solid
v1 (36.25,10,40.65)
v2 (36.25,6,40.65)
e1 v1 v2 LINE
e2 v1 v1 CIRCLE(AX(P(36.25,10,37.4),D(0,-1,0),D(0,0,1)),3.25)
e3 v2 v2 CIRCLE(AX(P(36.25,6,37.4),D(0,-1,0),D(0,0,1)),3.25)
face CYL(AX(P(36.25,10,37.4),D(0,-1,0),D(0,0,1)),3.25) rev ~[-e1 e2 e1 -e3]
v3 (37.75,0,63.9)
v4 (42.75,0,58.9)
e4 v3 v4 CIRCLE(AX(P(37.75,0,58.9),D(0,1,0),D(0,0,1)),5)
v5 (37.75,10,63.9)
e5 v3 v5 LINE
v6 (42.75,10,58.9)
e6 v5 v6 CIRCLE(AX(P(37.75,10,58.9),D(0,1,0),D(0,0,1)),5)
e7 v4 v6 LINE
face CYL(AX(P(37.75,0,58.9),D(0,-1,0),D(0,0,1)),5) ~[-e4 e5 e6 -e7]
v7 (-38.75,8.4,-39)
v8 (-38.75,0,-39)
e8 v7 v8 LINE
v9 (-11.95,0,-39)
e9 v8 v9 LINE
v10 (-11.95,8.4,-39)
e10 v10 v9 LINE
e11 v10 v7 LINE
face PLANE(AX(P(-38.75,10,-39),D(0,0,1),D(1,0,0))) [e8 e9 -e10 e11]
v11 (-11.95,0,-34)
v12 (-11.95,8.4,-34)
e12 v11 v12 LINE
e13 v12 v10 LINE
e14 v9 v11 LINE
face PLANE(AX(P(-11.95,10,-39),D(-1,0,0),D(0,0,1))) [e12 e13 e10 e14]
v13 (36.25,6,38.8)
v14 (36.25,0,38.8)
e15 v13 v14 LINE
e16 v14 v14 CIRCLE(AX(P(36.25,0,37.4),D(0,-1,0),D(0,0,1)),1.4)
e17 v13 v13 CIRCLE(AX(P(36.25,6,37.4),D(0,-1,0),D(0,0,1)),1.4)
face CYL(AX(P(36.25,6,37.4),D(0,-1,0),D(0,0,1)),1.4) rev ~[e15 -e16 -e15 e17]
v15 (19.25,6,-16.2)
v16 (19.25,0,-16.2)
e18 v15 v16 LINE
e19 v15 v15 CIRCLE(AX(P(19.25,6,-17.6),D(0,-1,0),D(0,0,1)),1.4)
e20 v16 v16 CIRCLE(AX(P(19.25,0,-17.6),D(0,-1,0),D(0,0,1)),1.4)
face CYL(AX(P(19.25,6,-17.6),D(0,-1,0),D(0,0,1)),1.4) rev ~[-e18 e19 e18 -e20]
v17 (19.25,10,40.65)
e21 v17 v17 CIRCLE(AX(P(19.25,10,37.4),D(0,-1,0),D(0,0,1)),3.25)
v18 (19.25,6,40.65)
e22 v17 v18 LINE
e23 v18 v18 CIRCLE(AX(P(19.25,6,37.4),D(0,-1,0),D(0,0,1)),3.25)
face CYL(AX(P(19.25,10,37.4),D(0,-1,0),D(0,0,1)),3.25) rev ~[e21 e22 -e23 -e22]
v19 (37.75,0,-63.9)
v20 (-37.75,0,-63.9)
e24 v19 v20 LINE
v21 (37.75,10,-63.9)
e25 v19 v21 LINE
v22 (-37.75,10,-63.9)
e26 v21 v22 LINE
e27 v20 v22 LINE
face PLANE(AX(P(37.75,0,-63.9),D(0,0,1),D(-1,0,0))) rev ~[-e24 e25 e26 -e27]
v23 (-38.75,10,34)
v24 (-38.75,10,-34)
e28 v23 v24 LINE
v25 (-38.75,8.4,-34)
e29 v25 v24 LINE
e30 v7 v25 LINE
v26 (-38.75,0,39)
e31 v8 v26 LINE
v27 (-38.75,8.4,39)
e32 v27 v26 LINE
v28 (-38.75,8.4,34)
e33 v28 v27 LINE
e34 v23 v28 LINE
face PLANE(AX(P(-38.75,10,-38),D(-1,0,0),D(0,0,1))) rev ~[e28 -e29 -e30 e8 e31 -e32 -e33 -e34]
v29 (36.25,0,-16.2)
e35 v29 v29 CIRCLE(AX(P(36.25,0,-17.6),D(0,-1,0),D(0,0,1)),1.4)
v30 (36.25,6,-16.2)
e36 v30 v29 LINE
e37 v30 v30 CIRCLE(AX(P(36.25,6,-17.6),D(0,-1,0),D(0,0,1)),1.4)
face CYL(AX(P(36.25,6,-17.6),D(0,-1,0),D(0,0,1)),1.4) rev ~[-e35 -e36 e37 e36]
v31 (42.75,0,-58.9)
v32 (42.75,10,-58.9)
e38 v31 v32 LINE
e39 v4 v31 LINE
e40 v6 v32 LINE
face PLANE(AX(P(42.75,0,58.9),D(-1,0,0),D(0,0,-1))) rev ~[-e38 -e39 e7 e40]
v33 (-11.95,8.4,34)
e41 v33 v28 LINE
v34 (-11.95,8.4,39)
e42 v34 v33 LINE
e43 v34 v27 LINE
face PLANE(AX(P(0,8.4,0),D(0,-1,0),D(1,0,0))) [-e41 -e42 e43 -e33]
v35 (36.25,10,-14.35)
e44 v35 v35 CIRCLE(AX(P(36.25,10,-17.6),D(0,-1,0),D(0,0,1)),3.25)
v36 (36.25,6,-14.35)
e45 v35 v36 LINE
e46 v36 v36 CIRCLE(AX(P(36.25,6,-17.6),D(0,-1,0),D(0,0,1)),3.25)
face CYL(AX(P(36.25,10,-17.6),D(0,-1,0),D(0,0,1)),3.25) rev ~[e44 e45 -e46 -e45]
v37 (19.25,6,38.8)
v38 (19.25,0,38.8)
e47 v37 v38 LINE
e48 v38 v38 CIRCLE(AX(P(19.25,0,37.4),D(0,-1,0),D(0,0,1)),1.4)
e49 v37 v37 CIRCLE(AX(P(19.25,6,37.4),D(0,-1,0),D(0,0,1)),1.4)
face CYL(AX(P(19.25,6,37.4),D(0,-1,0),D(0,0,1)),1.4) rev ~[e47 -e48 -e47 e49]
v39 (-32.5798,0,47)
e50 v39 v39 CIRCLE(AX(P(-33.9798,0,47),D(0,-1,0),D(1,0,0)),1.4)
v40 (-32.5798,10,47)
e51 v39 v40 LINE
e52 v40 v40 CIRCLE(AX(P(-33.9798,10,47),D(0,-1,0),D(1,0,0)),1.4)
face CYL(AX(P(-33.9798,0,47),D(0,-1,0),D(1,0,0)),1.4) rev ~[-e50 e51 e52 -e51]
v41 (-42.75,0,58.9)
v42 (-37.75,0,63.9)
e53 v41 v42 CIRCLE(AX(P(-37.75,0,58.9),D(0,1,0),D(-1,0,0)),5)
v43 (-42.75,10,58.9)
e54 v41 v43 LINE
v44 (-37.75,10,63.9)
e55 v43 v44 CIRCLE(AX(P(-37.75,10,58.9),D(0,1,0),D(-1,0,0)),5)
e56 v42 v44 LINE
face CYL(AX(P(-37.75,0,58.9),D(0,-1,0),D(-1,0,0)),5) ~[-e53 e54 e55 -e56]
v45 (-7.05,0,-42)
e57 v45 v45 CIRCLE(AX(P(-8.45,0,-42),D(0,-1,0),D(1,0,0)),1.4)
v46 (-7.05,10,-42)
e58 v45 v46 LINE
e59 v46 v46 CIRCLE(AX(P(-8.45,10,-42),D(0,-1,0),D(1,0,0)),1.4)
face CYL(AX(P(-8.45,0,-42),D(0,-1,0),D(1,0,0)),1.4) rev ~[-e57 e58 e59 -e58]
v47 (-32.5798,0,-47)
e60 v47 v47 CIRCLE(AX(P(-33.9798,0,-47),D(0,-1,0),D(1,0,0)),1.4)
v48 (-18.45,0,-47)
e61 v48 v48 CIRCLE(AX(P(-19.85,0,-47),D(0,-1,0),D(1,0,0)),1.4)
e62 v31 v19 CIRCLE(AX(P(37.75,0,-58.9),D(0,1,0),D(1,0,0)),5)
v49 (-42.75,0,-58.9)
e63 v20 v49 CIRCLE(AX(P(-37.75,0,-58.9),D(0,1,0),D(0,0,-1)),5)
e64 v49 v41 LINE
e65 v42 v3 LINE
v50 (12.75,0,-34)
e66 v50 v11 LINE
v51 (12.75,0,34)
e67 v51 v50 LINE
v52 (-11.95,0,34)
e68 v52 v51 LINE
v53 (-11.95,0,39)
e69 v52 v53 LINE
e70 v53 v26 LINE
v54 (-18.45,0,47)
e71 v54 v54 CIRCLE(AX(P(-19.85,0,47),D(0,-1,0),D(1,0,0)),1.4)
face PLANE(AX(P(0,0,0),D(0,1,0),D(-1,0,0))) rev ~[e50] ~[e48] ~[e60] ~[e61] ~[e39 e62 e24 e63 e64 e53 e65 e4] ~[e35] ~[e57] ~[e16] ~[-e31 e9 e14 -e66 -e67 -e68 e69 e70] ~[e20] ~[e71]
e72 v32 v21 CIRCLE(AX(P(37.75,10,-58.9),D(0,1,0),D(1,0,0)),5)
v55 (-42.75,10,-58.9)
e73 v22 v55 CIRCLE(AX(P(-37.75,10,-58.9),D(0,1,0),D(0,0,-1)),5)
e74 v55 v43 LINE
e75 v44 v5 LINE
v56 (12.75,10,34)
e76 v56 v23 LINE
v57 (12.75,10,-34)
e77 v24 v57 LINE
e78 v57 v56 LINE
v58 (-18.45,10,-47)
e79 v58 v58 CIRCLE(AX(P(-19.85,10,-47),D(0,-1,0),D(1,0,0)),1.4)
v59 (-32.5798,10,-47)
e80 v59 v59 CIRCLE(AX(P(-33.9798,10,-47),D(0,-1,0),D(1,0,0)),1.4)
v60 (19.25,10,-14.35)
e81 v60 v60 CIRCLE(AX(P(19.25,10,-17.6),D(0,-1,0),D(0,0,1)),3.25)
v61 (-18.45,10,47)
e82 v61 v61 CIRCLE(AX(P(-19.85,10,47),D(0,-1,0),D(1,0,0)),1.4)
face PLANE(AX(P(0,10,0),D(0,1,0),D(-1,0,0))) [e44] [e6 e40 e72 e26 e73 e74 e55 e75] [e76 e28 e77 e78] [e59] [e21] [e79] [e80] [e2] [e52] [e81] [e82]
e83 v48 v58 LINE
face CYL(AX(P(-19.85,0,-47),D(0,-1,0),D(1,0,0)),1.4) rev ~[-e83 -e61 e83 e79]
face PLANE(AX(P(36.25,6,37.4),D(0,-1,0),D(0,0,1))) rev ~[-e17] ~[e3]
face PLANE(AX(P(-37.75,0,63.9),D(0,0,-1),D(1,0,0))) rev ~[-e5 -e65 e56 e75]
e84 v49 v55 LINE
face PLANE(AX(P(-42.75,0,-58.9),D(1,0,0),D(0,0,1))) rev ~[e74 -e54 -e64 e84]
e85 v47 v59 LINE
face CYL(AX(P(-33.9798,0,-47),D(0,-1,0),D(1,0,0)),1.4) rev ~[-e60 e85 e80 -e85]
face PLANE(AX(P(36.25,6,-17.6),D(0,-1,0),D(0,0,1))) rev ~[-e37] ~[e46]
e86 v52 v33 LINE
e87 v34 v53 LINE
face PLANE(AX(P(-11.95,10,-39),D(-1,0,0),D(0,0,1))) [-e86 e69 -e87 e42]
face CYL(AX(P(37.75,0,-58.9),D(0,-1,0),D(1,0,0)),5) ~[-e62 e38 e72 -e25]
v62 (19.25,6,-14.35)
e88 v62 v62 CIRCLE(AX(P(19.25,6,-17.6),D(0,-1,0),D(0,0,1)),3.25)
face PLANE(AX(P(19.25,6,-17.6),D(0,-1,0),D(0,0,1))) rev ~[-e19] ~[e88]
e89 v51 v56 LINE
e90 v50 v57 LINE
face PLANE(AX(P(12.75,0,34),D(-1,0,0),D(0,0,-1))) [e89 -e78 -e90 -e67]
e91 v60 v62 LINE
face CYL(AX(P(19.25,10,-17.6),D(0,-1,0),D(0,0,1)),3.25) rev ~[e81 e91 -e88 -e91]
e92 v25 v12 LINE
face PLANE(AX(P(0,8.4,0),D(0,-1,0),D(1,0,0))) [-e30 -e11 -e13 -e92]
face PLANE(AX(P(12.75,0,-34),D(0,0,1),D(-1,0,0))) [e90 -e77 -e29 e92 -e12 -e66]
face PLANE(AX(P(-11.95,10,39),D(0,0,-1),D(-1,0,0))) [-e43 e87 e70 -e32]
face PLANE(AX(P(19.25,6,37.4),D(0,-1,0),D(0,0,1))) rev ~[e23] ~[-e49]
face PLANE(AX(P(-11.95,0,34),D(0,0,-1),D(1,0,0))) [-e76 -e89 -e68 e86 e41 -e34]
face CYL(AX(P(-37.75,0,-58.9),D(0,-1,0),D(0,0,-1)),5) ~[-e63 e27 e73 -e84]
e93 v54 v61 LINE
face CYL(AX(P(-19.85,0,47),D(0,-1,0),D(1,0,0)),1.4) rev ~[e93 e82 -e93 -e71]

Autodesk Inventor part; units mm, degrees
ref_plane "YZ Plane" through (0, 0, 0) normal (1, 0, 0) x (0, 1, 0)
ref_plane "XZ Plane" through (0, 0, 0) normal (0, 1, 0) x (-1, 0, 0)
sketch "Skizze1" plane through (0, 0, 0) normal (0, 1, 0) x (-1, 0, 0)
  line L0 (-37.75, -63.9) -> (37.75, -63.9)
  line L1 (42.75, -58.9) -> (42.75, 58.9)
  line L2 (37.75, 63.9) -> (-37.75, 63.9)
  line L3 (-42.75, 58.9) -> (-42.75, -58.9)
  line L4 (-42.75, -63.9) -> (42.75, 63.9) construction
  line L5 (42.75, -63.9) -> (-42.75, 63.9) construction
  arc A0 (42.75, 58.9) -> (37.75, 63.9) centre (37.75, 58.9) ccw
  arc A1 (-37.75, 63.9) -> (-42.75, 58.9) centre (-37.75, 58.9) ccw
  arc A2 (-42.75, -58.9) -> (-37.75, -63.9) centre (-37.75, -58.9) ccw
  arc A3 (37.75, -63.9) -> (42.75, -58.9) centre (37.75, -58.9) ccw
  point P0 (0, 0)
  dimension "d0" = 85.5
  dimension "d1" = 127.8
  dimension "d2" = 5
extrude "Extrusion1" add sketch "Skizze1" along normal blind 10
ref_plane "Arbeitsebene1" through (37.75, 0, 0) normal (0, 0, -1) x (-1, 0, 0)
ref_plane "Arbeitsebene2" through (0, 0, 58.9) normal (1, 0, 0) x (0, 0, -1)
sketch "Skizze2" plane through (0, 10, 0) normal (0, 1, 0) x (1, 0, 0)
  line L0 (-12.95, 38) -> (-38.75, 38) projected
  line L1 (-38.75, -38) -> (-12.95, -38) projected
  line L2 (-12.95, -38) -> (-12.95, -2.5) projected
  line L3 (-38.75, 38) -> (-38.75, -38) projected
  line L4 (-38.75, -38) -> (-12.95, -38)
  line L5 (-12.95, -38) -> (-12.95, 38)
  line L6 (-12.95, 38) -> (-38.75, 38)
  line L7 (-38.75, 38) -> (-38.75, -38)
  line L8 (-11.95, 39) -> (-11.95, -39)
  line L9 (-11.95, -39) -> (-39.75, -39)
  line L10 (-39.75, -39) -> (-39.75, 39)
  line L11 (-39.75, 39) -> (-11.95, 39)
  line L12 (-38.75, 38) -> (-38.75, 39)
  line L13 (-38.75, -38) -> (-38.75, -39)
  point P0 (0, 0)
  dimension "d5" = 1
extrude "Extrusion2" cut sketch "Skizze2" against normal through all contours L5 L2 L1 L3 L0 | L0 L12 L11 L8 L9 L13 L1 L2 L5
ref_plane "Arbeitsebene3" through (-32.75, 5, -38) normal (0, 1, 0) x (0, 0, 1)
sketch "Skizze3" plane through (0, 10, 0) normal (0, 1, 0) x (1, 0, 0)
  line L0 (-11.95, -39) -> (-38.75, -39) projected
  line L1 (-38.75, 39) -> (-11.95, 39) projected
  line L2 (-11.95, 39) -> (-11.95, -39) projected
  arc A0 (-37.75, 63.9) -> (-42.75, 58.9) centre (-37.75, 58.9) ccw projected
  line L3 (-42.75, 58.9) -> (-42.75, -58.9) projected
  arc A1 (-42.75, -58.9) -> (-37.75, -63.9) centre (-37.75, -58.9) ccw projected
  line L4 (-37.75, -63.9) -> (37.75, -63.9) projected
  arc A2 (37.75, -63.9) -> (42.75, -58.9) centre (37.75, -58.9) ccw projected
  line L5 (42.75, -58.9) -> (42.75, 58.9) projected
  arc A3 (42.75, 58.9) -> (37.75, 63.9) centre (37.75, 58.9) ccw projected
  line L6 (37.75, 63.9) -> (-37.75, 63.9) projected
  line L7 (-39.75, -39) -> (-39.75, 39) projected
  line L8 (-11.95, 39) -> (-11.95, -39) projected
  line L9 (-39.75, -39) -> (-11.95, -39)
  line L10 (-11.95, -39) -> (-11.95, -34)
  line L11 (-11.95, -34) -> (-39.75, -34)
  line L12 (-39.75, -34) -> (-39.75, -39)
  line L13 (-39.75, 39) -> (-11.95, 39)
  line L14 (-11.95, 39) -> (-11.95, 34)
  line L15 (-11.95, 34) -> (-39.75, 34)
  line L16 (-39.75, 34) -> (-39.75, 39)
  line L17 (-38.75, -39) -> (-38.75, 39) projected
  point P0 (0, 0)
  point P1 (-11.95, -34)
  point P2 (-38.75, 34)
  point P3 (-38.75, -34)
  dimension "d8" = 27.8
  dimension "d9" = 5
  dimension "d10" = 5
extrude "Extrusion3" add sketch "Skizze3" against normal blind 1 contours L0 L17 L11 L2 | L15 L17 L1 L2
sketch "Skizze4" plane through (0, 0, 0) normal (0, -1, 0) x (1, 0, 0)
  line L0 (-38.75, 39) -> (-11.95, 39) projected
  line L1 (-11.95, 39) -> (-11.95, -39) projected
  line L2 (-11.95, -39) -> (-38.75, -39) projected
  arc A0 (-42.75, -58.9) -> (-37.75, -63.9) centre (-37.75, -58.9) ccw projected
  line L3 (37.75, -63.9) -> (-37.75, -63.9) projected
  arc A1 (37.75, -63.9) -> (42.75, -58.9) centre (37.75, -58.9) ccw projected
  line L4 (42.75, 58.9) -> (42.75, -58.9) projected
  arc A2 (42.75, 58.9) -> (37.75, 63.9) centre (37.75, 58.9) ccw projected
  line L5 (-37.75, 63.9) -> (37.75, 63.9) projected
  arc A3 (-37.75, 63.9) -> (-42.75, 58.9) centre (-37.75, 58.9) ccw projected
  line L6 (-42.75, -58.9) -> (-42.75, 58.9) projected
  line L7 (-11.95, -34) -> (-11.95, 34) projected
  line L8 (-11.95, 34) -> (12.75, 34)
  line L9 (12.75, 34) -> (12.75, -34)
  line L10 (12.75, -34) -> (-11.95, -34)
  line L11 (-11.95, -34) -> (-11.95, 34)
  line L12 (-2.45, 7.5) -> (-2.45, -8) projected
  line L13 (12.75, -34.1) -> (12.75, -39.1) projected
  line L14 (-38.75, -39) -> (-38.75, 39) projected
  point P0 (0, 0)
  point P1 (-11.95, -34)
  dimension "d14" = 5
  dimension "d15" = 5
  dimension "d44" = 0
extrude "Extrusion4" cut sketch "Skizze4" against normal through all contours L8 L9 L10 L1
sketch "Skizze5" plane through (0, 0, 0) normal (0, -1, 0) x (1, 0, 0)
  arc A0 (-42.75, -58.9) -> (-37.75, -63.9) centre (-37.75, -58.9) ccw projected
  line L0 (37.75, -63.9) -> (-37.75, -63.9) projected
  arc A1 (37.75, -63.9) -> (42.75, -58.9) centre (37.75, -58.9) ccw projected
  line L1 (42.75, 58.9) -> (42.75, -58.9) projected
  arc A2 (42.75, 58.9) -> (37.75, 63.9) centre (37.75, 58.9) ccw projected
  line L2 (-37.75, 63.9) -> (37.75, 63.9) projected
  arc A3 (-37.75, 63.9) -> (-42.75, 58.9) centre (-37.75, 58.9) ccw projected
  line L3 (-42.75, -58.9) -> (-42.75, 58.9) projected
  line L4 (-11.95, 34) -> (12.75, 34) projected
  line L5 (12.75, 34) -> (12.75, -34) projected
  line L6 (12.75, -34) -> (-11.95, -34) projected
  line L7 (-11.95, -34) -> (-11.95, -39) projected
  line L8 (-11.95, -39) -> (-38.75, -39) projected
  line L9 (-38.75, 39) -> (-11.95, 39) projected
  line L10 (-11.95, 39) -> (-11.95, 34) projected
  circle A4 centre (-19.85, -47) radius 1.4
  circle A5 centre (-19.85, 47) radius 1.4
  line L11 (-38.75, -39) -> (-38.75, 39) projected
  circle A6 centre (-33.9798, 47) radius 1.4
  circle A7 centre (-33.9798, -47) radius 1.4
  circle A8 centre (-8.45, -42) radius 1.4
  point P0 (0, 0)
  dimension "d18" = 2.8
  dimension "d19" = 2.8
  dimension "d20" = 8
  dimension "d21" = 8
  dimension "d45" = 2.8
  dimension "d46" = 2.8
  dimension "d47" = 2.8
  dimension "d48" = 8
  dimension "d49" = 3.5
extrude "Extrusion5" cut sketch "Skizze5" against normal through all contours A4 | A5 | A6 | A7 | A8
sketch "Skizze9" plane through (0, 9, 0) normal (0, -1, 0) x (1, 0, 0)
  circle A0 centre (-19.85, 47) radius 1.4 projected
  circle A1 centre (-19.85, -47) radius 1.4 projected
  arc A2 (-42.75, -58.9) -> (-37.75, -63.9) centre (-37.75, -58.9) ccw projected
  line L0 (37.75, -63.9) -> (-37.75, -63.9) projected
  arc A3 (37.75, -63.9) -> (42.75, -58.9) centre (37.75, -58.9) ccw projected
  line L1 (42.75, 58.9) -> (42.75, -58.9) projected
  arc A4 (42.75, 58.9) -> (37.75, 63.9) centre (37.75, 58.9) ccw projected
  line L2 (-37.75, 63.9) -> (37.75, 63.9) projected
  arc A5 (-37.75, 63.9) -> (-42.75, 58.9) centre (-37.75, 58.9) ccw projected
  line L3 (-42.75, -58.9) -> (-42.75, 58.9) projected
  line L4 (12.75, 34) -> (12.75, -34) projected
  line L5 (12.75, -34) -> (-11.95, -34) projected
  line L6 (-11.95, -34) -> (-11.95, -39) projected
  line L7 (-11.95, -39) -> (-38.75, -39) projected
  line L8 (-38.75, 39) -> (-11.95, 39) projected
  line L9 (-11.95, 39) -> (-11.95, 34) projected
  line L10 (-11.95, 34) -> (12.75, 34) projected
  line L11 (-38.75, 39) -> (-11.95, 39) projected
  line L12 (-39.75, 39) -> (-11.95, 39)
  line L13 (-11.95, 39) -> (-11.95, 34)
  line L14 (-11.95, 34) -> (-39.75, 34)
  line L15 (-39.75, 34) -> (-39.75, 39)
  line L16 (-11.95, -39) -> (-38.75, -39) projected
  line L17 (-39.75, -39) -> (-39.75, -34) projected
  line L18 (-11.95, -39) -> (-39.75, -39)
  line L19 (-39.75, -39) -> (-39.75, -34)
  line L20 (-39.75, -34) -> (-11.95, -34)
  line L21 (-11.95, -34) -> (-11.95, -39)
  line L22 (-38.75, -39) -> (-38.75, 39) projected
  point P0 (0, 0)
  point P1 (-38.75, 34)
  point P2 (-38.75, -34)
extrude "Extrusion8" add sketch "Skizze9" along normal blind 0.6 contours L14 L22 L8 L9 | L6 L7 L22 L20 | L14 L15 L12 L22
sketch "Skizze10" plane through (0, 10, 0) normal (0, 1, 0) x (1, 0, 0)
  line L0 (23.25, -52.9) -> (23.25, 33.1) projected
  line L1 (23.25, -52.9) -> (14.45, -52.9) projected
  line L2 (14.45, -52.9) -> (14.45, 33.1) projected
  line L3 (14.45, 33.1) -> (23.25, 33.1) projected
  circle A0 centre (19.25, -37.4) radius 3.25 projected
  circle A1 centre (19.25, 17.6) radius 3.25 projected
  line L4 (41.05, -52.9) -> (41.05, 33.1) projected
  line L5 (41.05, -52.9) -> (32.25, -52.9) projected
  line L6 (32.25, -52.9) -> (32.25, 33.1) projected
  line L7 (32.25, 33.1) -> (41.05, 33.1) projected
  circle A2 centre (36.25, -37.4) radius 3.25 projected
  circle A3 centre (36.25, 17.6) radius 3.25 projected
  point P0 (0, 0)
hole "Bohrung2" at (36.25, 10, 37.4) at (36.25, 10, -17.6) at (19.25, 10, 37.4) at (19.25, 10, -17.6) direction (0, -1, 0) diameter 2.8 end through all counterbore diameter 6.5 counterbore depth 4
properties part number "TIRFImager_base_v0"
